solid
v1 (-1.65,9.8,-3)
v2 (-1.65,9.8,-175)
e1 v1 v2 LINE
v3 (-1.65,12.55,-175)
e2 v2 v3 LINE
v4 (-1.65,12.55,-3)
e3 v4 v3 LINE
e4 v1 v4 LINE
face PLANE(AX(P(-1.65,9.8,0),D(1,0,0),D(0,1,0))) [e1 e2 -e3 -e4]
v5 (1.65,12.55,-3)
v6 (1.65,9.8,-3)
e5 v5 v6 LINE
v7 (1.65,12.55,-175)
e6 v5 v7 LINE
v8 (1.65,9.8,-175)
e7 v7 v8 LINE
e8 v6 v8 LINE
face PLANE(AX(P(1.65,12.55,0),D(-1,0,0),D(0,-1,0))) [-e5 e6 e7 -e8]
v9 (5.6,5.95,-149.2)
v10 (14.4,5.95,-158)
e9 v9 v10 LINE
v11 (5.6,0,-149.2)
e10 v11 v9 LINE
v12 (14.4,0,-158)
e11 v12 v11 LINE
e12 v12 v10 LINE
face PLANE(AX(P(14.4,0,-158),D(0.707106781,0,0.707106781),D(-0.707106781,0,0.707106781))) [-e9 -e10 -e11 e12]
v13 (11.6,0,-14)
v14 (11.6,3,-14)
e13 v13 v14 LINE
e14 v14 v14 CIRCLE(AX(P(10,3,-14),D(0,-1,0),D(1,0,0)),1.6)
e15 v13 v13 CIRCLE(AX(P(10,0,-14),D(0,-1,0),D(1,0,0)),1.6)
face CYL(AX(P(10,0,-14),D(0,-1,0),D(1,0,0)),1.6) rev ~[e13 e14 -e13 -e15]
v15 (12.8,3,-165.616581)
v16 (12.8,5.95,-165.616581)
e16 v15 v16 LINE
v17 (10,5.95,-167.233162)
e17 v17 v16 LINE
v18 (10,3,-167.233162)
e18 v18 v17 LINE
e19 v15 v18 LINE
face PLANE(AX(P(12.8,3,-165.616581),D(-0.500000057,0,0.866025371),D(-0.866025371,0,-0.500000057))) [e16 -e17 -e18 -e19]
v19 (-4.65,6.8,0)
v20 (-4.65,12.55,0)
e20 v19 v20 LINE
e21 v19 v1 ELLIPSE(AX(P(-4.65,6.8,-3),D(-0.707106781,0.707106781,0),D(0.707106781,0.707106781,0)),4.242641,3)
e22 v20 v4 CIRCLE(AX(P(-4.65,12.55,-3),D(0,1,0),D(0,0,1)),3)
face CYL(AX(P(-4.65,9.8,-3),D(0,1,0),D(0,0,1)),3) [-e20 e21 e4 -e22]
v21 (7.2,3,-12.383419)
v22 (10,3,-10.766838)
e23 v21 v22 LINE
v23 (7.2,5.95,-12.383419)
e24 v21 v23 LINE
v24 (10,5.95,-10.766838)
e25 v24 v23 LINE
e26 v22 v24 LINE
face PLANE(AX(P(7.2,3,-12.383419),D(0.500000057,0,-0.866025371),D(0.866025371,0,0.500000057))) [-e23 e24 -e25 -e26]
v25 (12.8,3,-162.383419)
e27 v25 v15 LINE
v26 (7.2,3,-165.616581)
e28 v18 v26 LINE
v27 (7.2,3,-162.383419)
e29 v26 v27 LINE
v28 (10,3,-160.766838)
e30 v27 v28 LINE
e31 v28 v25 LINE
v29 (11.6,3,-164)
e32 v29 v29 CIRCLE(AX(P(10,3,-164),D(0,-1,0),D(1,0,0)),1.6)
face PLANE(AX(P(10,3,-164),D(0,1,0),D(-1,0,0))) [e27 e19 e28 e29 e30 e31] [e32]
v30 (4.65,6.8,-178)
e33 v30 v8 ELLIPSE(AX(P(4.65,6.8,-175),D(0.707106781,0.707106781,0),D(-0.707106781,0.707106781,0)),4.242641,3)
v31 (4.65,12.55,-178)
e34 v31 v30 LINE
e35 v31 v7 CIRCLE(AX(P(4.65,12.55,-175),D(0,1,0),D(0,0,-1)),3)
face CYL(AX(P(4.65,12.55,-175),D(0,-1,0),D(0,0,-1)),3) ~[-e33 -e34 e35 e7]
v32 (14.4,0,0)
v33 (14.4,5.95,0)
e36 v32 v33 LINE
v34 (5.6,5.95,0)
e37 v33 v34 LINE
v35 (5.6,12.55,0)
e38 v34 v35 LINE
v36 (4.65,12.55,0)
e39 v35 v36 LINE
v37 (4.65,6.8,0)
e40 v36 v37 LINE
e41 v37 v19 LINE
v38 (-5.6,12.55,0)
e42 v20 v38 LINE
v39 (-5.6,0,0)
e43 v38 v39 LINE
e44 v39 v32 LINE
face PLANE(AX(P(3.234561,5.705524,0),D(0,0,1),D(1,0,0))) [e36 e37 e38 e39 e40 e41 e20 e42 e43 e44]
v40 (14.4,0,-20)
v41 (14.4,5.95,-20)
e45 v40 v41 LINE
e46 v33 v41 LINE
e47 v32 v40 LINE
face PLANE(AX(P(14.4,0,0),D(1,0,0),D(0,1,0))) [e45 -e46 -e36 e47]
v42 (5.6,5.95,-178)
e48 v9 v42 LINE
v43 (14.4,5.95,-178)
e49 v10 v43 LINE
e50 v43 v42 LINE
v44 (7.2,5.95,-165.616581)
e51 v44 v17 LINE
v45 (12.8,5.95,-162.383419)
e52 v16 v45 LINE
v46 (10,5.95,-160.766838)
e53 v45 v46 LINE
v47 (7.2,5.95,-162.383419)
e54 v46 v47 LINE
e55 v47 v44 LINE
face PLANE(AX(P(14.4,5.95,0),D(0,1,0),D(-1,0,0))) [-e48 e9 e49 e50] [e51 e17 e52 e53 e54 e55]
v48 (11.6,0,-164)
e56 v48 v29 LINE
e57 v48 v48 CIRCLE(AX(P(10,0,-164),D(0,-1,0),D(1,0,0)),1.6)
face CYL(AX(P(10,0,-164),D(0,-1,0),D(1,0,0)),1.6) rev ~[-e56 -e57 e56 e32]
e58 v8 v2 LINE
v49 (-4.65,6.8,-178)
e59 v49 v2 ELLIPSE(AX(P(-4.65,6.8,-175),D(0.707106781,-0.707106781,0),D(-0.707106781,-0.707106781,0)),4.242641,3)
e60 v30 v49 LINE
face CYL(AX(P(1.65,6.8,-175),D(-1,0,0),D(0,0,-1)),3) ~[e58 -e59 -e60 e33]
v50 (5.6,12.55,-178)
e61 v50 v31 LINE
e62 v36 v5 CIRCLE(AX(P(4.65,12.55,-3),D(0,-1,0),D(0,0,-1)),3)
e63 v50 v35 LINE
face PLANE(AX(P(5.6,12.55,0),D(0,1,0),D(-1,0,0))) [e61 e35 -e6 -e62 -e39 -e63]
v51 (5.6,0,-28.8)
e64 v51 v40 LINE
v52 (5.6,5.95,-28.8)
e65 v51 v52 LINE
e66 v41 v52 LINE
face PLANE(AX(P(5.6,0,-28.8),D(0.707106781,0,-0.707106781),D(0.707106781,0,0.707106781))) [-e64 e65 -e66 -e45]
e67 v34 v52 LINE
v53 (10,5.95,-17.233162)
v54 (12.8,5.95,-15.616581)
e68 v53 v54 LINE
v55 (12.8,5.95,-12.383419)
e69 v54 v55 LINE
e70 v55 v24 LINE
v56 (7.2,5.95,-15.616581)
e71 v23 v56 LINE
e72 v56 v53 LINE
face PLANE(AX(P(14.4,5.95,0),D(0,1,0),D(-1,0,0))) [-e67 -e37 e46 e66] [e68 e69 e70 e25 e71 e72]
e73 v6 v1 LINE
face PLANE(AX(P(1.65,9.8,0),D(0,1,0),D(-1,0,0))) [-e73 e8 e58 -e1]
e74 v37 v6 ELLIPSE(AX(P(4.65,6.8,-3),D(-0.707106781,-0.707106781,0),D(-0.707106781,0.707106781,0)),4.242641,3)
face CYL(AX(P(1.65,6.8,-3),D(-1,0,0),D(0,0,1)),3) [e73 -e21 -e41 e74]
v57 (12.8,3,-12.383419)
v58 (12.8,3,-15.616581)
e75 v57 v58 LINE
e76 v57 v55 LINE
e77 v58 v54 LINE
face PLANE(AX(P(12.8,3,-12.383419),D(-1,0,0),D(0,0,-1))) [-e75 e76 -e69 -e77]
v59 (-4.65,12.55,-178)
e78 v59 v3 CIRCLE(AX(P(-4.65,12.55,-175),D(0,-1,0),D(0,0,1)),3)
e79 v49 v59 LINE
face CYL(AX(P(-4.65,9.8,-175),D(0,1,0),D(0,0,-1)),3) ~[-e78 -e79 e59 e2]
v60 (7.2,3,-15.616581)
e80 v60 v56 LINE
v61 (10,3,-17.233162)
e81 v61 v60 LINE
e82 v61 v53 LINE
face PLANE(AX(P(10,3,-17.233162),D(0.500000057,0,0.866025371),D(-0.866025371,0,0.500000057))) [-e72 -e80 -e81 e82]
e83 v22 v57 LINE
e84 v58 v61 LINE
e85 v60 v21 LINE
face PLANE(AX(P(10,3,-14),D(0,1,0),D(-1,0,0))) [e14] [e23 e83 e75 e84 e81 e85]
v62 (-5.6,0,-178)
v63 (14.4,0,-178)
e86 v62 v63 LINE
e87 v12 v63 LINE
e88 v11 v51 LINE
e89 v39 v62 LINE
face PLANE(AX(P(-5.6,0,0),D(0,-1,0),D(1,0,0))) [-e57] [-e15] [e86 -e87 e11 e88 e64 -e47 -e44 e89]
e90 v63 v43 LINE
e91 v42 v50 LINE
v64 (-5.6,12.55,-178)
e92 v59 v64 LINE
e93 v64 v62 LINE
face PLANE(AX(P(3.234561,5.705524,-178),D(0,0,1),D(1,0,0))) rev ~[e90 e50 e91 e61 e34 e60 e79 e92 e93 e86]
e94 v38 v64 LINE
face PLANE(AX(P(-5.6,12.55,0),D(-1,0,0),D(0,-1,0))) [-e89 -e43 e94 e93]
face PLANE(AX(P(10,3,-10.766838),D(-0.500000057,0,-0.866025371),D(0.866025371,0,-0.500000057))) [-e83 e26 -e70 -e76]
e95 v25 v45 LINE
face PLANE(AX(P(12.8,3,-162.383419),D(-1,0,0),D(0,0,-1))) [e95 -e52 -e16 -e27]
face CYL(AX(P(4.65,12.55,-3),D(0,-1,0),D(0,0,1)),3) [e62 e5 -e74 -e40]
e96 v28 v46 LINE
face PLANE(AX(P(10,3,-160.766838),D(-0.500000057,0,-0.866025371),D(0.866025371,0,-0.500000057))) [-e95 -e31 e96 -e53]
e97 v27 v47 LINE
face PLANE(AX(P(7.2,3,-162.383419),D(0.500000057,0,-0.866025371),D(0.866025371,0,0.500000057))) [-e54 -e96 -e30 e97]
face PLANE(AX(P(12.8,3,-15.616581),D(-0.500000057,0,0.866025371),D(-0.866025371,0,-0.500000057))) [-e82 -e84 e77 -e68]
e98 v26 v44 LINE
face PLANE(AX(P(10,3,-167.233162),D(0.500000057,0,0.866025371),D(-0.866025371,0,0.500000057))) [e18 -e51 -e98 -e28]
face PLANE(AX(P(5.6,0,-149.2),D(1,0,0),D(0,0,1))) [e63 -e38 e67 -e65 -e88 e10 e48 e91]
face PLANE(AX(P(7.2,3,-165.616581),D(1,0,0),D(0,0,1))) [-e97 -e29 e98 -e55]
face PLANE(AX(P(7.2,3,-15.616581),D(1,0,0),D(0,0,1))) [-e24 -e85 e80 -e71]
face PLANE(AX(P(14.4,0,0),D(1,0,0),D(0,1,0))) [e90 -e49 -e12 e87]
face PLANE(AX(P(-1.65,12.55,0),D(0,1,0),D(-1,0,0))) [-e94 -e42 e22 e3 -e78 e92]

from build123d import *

# Parameters (mm, degrees)
PAD_DEPTH       = 178
SKETCH001_R     = 1.6
POCKET_DEPTH    = 12.551
POCKET002_DEPTH = 5
FILLET_R        = 3


with BuildPart() as part:
    # Sketch → Pad (new body)
    with BuildSketch(Plane.XY):
        Polygon((-5.6, 0), (14.4, 0), (14.4, 5.95), (5.6, 5.95), (5.6, 12.55), (1.65, 12.55), (1.65, 9.8), (-1.65, 9.8), (-1.65, 12.55), (-5.6, 12.55), align=None)
    extrude(amount=-PAD_DEPTH)

    # Sketch001 (on Face6 of Pad) → Pocket (cut, through all)
    with BuildSketch(Plane.XZ):
        with Locations((10, -164)):
            Circle(SKETCH001_R)
        with Locations((10, -14)):
            Circle(SKETCH001_R)
        Polygon((14.4, -158), (5.6, -149.2), (5.6, -28.8), (14.4, -20), align=None)
    extrude(amount=-POCKET_DEPTH, mode=Mode.SUBTRACT)

    # Sketch003 (on DatumPlane) → Pocket002 (cut)
    with BuildSketch(Plane(origin=(0, 3, 0), x_dir=(-1, 0, 0), z_dir=(0, 1, 0))):
        Polygon((-7.2, -15.616581), (-7.2, -12.383419), (-10, -10.766838), (-12.8, -12.383419), (-12.8, -15.616581), (-10, -17.233162), align=None)
        Polygon((-7.2, -165.616581), (-7.2, -162.383419), (-10, -160.766838), (-12.8, -162.383419), (-12.8, -165.616581), (-10, -167.233162), align=None)
    extrude(amount=POCKET002_DEPTH, mode=Mode.SUBTRACT)

    # Fillet
    fillet_edges = [part.edges().sort_by_distance(p)[0] for p in [
        (-1.65, 11.175, 0),
        (0, 9.8, 0),
        (1.65, 11.175, 0),
        (0, 9.8, -178),
        (-1.65, 11.175, -178),
        (1.65, 11.175, -178),
    ]]
    fillet(fillet_edges, radius=FILLET_R)


solid = part.part
